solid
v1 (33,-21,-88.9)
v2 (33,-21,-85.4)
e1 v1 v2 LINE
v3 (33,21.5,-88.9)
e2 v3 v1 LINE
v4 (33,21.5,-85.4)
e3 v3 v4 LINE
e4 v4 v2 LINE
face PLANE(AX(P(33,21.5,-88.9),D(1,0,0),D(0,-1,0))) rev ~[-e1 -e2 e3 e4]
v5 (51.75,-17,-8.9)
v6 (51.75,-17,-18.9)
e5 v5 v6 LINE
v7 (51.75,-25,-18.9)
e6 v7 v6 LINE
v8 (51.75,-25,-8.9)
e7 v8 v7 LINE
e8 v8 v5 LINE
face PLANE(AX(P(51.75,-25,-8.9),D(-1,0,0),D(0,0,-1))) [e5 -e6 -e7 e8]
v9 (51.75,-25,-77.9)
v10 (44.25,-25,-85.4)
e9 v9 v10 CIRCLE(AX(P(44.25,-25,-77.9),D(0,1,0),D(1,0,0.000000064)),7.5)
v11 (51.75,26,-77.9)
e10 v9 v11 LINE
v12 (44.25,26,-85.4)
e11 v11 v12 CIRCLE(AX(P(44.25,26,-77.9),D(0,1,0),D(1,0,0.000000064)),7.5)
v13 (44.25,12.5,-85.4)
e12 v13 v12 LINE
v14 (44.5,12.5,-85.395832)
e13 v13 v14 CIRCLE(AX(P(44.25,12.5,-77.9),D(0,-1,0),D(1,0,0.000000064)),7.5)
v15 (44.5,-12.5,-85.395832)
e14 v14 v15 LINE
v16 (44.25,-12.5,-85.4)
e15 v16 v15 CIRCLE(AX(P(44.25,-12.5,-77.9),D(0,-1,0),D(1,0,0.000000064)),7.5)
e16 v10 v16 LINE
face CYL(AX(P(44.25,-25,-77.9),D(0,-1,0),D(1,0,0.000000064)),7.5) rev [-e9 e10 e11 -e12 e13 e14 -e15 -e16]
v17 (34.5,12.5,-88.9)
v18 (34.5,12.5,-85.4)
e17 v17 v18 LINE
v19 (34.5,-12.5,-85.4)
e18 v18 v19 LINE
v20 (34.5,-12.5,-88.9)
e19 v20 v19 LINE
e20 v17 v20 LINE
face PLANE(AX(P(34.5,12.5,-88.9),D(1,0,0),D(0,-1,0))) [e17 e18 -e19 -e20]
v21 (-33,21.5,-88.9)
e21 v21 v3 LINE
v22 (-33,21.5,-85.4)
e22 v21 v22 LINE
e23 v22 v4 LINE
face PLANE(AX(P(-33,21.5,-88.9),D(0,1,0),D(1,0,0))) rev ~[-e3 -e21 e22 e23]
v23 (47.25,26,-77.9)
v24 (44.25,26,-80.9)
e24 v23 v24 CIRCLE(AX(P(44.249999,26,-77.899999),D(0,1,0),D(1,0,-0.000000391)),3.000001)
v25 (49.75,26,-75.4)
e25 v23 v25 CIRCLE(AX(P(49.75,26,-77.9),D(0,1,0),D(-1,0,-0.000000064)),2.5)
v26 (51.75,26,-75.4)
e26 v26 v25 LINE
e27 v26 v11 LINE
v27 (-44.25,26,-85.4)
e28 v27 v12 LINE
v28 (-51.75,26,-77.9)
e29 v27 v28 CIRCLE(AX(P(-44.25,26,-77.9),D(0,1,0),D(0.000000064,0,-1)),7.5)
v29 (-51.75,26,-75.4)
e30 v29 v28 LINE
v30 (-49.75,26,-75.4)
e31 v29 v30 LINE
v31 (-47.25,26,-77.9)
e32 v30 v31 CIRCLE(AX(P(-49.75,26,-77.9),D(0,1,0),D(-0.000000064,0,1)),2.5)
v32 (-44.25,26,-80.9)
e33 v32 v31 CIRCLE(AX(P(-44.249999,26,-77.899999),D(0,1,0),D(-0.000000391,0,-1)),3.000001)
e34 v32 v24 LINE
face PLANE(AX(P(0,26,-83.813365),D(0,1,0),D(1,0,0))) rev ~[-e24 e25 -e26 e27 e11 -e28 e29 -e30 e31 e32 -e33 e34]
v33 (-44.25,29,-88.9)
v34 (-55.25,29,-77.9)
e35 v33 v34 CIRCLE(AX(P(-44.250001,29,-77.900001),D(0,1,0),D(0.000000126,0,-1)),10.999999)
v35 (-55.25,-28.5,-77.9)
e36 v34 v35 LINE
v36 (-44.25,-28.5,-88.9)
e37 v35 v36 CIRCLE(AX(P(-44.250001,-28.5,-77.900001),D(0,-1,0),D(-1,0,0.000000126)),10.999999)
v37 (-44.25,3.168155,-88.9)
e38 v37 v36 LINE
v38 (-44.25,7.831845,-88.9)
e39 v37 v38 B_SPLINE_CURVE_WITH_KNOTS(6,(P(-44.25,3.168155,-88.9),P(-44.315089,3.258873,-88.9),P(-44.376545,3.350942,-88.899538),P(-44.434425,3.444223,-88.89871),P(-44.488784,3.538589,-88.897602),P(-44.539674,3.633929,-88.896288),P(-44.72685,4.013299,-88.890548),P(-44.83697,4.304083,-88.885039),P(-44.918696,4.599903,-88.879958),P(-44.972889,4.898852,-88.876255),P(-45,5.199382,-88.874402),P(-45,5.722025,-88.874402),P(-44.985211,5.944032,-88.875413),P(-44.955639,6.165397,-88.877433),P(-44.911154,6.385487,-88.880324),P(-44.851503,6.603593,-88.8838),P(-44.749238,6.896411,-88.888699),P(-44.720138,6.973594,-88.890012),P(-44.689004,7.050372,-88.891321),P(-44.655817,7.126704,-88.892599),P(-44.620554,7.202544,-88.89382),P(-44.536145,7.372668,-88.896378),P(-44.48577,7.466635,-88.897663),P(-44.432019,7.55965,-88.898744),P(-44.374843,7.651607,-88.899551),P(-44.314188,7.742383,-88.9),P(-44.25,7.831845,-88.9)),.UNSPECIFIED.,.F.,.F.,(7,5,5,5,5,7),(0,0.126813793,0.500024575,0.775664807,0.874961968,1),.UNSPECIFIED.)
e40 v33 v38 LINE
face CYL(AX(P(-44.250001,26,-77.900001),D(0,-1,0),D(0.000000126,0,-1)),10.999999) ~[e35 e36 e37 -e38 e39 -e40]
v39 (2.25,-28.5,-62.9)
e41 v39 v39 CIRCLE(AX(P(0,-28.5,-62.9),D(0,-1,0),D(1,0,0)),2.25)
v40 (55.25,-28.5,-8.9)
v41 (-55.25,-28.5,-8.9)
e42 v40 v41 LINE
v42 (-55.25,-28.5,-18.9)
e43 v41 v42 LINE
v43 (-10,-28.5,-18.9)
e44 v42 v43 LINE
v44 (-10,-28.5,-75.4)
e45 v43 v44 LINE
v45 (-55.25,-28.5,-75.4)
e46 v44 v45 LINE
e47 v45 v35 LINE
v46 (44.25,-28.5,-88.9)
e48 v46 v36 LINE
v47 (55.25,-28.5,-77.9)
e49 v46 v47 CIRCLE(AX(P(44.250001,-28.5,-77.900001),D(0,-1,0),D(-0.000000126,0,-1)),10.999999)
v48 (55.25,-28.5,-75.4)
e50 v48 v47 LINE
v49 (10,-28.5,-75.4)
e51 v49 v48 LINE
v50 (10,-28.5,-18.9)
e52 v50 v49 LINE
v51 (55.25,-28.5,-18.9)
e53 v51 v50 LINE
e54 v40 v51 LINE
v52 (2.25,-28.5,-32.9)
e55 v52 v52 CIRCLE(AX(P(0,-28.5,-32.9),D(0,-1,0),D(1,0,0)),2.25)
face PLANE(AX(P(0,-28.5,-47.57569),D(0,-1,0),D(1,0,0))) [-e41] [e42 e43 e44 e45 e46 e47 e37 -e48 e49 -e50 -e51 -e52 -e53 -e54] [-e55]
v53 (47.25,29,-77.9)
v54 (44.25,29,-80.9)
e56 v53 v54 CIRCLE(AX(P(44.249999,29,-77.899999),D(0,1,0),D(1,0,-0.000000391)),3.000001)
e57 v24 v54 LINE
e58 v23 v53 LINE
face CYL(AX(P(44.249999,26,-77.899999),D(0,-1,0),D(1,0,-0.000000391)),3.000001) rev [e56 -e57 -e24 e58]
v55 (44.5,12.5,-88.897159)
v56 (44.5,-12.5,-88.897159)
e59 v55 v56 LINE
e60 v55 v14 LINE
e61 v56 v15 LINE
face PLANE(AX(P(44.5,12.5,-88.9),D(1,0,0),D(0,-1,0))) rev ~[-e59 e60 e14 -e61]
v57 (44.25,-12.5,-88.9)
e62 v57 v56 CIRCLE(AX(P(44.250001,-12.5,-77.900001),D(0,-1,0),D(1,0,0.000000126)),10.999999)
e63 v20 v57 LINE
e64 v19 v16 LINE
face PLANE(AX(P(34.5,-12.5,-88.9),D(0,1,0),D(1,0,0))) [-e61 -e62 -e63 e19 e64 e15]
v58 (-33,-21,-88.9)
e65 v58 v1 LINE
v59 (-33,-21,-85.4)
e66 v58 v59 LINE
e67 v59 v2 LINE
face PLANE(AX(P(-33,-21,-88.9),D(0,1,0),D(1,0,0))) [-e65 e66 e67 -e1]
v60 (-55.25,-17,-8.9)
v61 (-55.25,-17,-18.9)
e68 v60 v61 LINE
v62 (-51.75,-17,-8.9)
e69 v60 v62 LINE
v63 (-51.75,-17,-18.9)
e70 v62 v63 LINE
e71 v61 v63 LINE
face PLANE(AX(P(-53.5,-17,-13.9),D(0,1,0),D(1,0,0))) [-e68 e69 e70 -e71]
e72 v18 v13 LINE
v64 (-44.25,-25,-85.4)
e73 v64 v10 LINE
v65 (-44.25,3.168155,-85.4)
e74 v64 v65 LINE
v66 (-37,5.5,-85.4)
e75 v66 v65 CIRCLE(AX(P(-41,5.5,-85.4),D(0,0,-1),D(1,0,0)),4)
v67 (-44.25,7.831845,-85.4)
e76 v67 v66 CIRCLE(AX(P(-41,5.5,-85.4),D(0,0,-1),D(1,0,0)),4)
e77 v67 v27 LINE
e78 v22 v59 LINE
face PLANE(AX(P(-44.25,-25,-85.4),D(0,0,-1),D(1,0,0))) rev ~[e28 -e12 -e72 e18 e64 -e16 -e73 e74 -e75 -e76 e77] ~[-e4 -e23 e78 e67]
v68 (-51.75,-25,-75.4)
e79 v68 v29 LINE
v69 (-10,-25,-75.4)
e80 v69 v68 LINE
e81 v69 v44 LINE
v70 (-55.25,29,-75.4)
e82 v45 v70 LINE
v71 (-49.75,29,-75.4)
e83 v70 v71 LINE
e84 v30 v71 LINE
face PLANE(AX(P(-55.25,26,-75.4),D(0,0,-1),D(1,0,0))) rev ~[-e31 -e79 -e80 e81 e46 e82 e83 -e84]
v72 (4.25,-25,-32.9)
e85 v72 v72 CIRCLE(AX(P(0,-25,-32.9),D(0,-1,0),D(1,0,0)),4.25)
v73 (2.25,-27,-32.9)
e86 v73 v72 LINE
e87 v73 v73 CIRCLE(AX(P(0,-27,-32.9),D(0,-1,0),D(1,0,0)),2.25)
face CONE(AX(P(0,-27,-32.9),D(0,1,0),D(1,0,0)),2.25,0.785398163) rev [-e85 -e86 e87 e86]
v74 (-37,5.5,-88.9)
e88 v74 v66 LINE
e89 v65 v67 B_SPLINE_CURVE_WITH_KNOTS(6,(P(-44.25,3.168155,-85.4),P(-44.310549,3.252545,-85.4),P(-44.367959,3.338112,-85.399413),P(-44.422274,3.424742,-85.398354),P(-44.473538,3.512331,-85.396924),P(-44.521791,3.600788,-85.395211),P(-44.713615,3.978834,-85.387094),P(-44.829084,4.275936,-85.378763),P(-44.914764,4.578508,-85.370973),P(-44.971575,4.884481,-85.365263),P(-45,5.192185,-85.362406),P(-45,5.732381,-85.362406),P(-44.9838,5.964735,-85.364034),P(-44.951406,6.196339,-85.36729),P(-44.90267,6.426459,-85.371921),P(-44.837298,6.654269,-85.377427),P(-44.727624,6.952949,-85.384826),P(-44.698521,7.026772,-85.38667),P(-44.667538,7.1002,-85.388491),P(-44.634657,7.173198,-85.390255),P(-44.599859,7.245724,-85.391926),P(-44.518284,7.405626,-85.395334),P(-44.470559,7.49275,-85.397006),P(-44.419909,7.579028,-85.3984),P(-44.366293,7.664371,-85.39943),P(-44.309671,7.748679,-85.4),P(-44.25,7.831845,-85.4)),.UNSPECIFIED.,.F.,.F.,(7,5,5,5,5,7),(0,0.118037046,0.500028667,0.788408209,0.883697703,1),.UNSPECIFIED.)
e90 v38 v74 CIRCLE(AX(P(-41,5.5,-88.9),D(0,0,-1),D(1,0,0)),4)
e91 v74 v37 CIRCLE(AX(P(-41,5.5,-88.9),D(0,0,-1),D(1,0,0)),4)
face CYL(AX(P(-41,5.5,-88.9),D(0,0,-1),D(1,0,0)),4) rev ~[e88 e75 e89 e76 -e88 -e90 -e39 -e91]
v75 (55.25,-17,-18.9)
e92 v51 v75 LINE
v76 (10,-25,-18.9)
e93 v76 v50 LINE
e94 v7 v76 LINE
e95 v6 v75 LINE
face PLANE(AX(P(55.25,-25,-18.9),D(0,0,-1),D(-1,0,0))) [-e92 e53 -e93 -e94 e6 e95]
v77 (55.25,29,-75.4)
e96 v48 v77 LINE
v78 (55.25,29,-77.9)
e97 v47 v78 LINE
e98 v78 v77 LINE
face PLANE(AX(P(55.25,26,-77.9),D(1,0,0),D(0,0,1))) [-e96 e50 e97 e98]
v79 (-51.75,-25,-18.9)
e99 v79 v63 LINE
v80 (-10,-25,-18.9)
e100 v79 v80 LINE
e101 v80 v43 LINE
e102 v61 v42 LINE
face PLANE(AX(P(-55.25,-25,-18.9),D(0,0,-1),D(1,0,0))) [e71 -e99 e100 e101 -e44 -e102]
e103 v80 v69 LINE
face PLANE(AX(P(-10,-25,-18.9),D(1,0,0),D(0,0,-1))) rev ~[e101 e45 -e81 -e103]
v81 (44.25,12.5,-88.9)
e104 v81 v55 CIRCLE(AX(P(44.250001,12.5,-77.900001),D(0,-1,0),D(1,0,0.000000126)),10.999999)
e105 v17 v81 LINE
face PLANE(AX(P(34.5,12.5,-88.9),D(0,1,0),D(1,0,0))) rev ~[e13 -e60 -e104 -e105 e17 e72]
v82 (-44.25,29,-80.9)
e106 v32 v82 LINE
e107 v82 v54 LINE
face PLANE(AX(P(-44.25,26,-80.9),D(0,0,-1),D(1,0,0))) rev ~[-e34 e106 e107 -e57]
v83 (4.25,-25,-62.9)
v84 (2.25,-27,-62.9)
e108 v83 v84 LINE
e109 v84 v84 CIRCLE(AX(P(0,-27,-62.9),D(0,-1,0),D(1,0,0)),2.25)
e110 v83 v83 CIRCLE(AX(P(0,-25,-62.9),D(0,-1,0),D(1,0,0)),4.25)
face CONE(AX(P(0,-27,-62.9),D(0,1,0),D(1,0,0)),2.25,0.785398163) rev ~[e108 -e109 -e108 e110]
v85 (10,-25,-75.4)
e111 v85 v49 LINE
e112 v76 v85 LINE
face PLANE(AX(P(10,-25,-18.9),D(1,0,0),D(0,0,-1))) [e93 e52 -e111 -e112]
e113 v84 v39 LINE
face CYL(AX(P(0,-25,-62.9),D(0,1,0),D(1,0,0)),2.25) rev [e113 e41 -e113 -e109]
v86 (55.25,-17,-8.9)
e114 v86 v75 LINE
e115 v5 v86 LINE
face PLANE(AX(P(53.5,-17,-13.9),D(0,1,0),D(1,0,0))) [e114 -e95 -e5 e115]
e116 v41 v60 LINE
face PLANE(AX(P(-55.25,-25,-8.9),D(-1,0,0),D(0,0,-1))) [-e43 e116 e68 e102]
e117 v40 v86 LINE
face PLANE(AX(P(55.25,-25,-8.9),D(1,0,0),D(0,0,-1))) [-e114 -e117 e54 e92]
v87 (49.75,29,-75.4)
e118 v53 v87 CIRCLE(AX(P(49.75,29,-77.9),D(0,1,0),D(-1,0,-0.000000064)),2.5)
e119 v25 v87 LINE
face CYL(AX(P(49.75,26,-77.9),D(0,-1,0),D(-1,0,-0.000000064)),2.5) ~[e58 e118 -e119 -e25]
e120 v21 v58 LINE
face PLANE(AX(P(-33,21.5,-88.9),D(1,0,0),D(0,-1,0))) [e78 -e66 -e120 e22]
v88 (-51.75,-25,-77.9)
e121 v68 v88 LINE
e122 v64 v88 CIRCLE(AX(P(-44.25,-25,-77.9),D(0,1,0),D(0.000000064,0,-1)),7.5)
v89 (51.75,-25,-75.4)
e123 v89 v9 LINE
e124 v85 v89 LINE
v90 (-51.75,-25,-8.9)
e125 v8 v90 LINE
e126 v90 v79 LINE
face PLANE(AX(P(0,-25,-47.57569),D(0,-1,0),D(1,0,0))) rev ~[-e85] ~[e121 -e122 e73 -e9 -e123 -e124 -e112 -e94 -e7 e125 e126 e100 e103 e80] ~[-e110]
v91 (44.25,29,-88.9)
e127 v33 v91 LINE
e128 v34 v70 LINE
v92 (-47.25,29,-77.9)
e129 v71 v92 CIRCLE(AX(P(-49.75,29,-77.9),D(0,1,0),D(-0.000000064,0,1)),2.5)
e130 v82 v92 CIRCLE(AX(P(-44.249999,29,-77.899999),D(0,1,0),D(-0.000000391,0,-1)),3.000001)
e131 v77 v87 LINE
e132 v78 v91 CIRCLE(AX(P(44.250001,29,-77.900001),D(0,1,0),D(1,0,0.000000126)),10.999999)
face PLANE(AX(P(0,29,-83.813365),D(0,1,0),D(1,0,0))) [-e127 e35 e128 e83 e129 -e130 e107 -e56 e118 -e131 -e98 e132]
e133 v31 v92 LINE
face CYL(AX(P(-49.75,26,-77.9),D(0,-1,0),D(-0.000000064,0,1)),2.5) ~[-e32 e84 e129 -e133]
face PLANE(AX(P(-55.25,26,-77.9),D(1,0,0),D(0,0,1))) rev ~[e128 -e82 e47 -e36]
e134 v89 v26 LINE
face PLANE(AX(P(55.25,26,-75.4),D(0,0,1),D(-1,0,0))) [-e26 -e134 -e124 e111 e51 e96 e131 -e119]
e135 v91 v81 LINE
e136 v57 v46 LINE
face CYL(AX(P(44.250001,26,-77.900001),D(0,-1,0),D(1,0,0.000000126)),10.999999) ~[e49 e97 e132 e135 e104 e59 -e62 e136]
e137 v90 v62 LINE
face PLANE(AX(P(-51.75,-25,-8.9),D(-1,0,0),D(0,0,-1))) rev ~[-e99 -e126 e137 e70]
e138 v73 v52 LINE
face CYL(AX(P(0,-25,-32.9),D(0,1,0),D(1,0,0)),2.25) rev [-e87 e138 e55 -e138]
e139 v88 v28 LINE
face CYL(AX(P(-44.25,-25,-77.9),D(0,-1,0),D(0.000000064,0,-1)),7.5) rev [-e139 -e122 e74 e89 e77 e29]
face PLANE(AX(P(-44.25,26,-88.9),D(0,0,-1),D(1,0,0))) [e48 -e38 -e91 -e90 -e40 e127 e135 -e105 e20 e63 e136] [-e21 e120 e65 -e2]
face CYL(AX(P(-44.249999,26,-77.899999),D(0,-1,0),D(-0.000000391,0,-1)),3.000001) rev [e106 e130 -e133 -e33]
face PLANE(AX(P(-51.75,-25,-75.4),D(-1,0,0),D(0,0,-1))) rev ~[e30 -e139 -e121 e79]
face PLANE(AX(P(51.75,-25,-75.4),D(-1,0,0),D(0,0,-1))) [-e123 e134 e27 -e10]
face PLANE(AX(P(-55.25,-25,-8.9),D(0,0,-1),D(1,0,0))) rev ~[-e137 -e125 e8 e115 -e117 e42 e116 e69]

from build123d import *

# Parameters (mm, degrees)
SKETCH067_R     = 2.25
PAD050_DEPTH    = 3.5
PAD051_DEPTH    = 51
PAD052_DEPTH    = 3
CHAMFER005_SIZE = 2
SKETCH070_R     = 4
SKETCH070_W     = 66
SKETCH070_H     = 42.5
SKETCH070_W_2   = 10
SKETCH070_H_2   = 25
POCKET033_DEPTH = 80.001
SKETCH071_W     = 3.5
SKETCH071_H     = 10
PAD053_DEPTH    = 8


with BuildPart() as part:
    # Sketch067 → Pad050 (new body)
    with BuildSketch(Plane.XZ):
        with BuildLine():
            Line((55.25, 24), (-55.25, 24))
            Line((-55.25, 24), (-55.25, 14))
            Line((-55.25, 14), (-10, 14))
            Line((-10, 14), (-10, -42.5))
            Line((-10, -42.5), (-55.25, -42.5))
            Line((-55.25, -42.5), (-55.25, -45))
            ThreePointArc((-55.25, -45), (-52.028175, -52.778175), (-44.25, -56))
            Line((44.25, -56), (-44.25, -56))
            ThreePointArc((44.25, -56), (52.028175, -52.778175), (55.25, -45))
            Line((55.25, -42.5), (55.25, -45))
            Line((10, -42.5), (55.25, -42.5))
            Line((10, 14), (10, -42.5))
            Line((55.25, 14), (10, 14))
            Line((55.25, 24), (55.25, 14))
        make_face()
        Circle(SKETCH067_R, mode=Mode.SUBTRACT)
        with Locations((0, -30)):
            Circle(SKETCH067_R, mode=Mode.SUBTRACT)
    extrude(amount=PAD050_DEPTH)

    # Sketch068 (on Face17 of Pad050) → Pad051 (join)
    with BuildSketch(Plane(origin=(0, 0, 0), x_dir=(1, 0, 0), z_dir=(0, 1, 0))):
        with BuildLine():
            Line((-55.25, 45), (-55.25, 42.5))
            Line((-55.25, 42.5), (-51.75, 42.5))
            Line((-51.75, 42.5), (-51.75, 45))
            ThreePointArc((-44.25, 52.5), (-49.553301, 50.303301), (-51.75, 45))
            Line((-44.25, 52.5), (44.25, 52.5))
            ThreePointArc((51.75, 45), (49.553301, 50.303301), (44.25, 52.5))
            Line((51.75, 42.5), (51.75, 45))
            Line((55.25, 42.5), (51.75, 42.5))
            Line((55.25, 45), (55.25, 42.5))
            ThreePointArc((55.25, 45), (52.028175, 52.778175), (44.25, 56))
            Line((-44.25, 56), (44.25, 56))
            ThreePointArc((-44.25, 56), (-52.028175, 52.778175), (-55.25, 45))
        make_face()
    extrude(amount=PAD051_DEPTH)

    # Sketch069 (on Face17 of Pad051) → Pad052 (join)
    with BuildSketch(Plane(origin=(0, 51, 0), x_dir=(1, 0, 0), z_dir=(0, 1, 0))):
        with BuildLine():
            Line((-55.25, 45), (-55.25, 42.5))
            Line((-55.25, 42.5), (-49.75, 42.5))
            ThreePointArc((-49.75, 42.5), (-47.982233, 43.232233), (-47.25, 45))
            ThreePointArc((-44.25, 48), (-46.37132, 47.12132), (-47.25, 45))
            Line((-44.25, 48), (44.25, 48))
            ThreePointArc((47.25, 45), (46.37132, 47.12132), (44.25, 48))
            ThreePointArc((47.25, 45), (47.982233, 43.232233), (49.75, 42.5))
            Line((55.25, 42.5), (49.75, 42.5))
            Line((55.25, 45), (55.25, 42.5))
            ThreePointArc((55.25, 45), (52.028175, 52.778175), (44.25, 56))
            Line((-44.25, 56), (44.25, 56))
            ThreePointArc((-44.25, 56), (-52.028175, 52.778175), (-55.25, 45))
        make_face()
    extrude(amount=PAD052_DEPTH)

    # Chamfer005
    chamfer005_edges = [part.edges().sort_by_distance(p)[0] for p in [
        (-2.25, 0, -30),
        (-2.25, 0, 0),
    ]]
    chamfer(chamfer005_edges, length=CHAMFER005_SIZE)

    # Sketch070 (on Face28 of Chamfer005) → Pocket033 (cut, through all)
    with BuildSketch(Plane(origin=(0, 0, -56), x_dir=(1, 0, 0), z_dir=(0, 0, -1))):
        with Locations((-41, -30.5)):
            Circle(SKETCH070_R)
        with Locations((0, -25.25)):
            Rectangle(SKETCH070_W, SKETCH070_H)
        with Locations((39.5, -25)):
            Rectangle(SKETCH070_W_2, SKETCH070_H_2)
    extrude(amount=-POCKET033_DEPTH, mode=Mode.SUBTRACT)

    # Sketch071 (on Face4 of Pad051) → Pad053 (join)
    with BuildSketch(Plane(origin=(0, 0, 0), x_dir=(1, 0, 0), z_dir=(0, 1, 0))):
        with Locations((-53.5, -19)):
            Rectangle(SKETCH071_W, SKETCH071_H)
        with Locations((53.5, -19)):
            Rectangle(SKETCH071_W, SKETCH071_H)
    extrude(amount=PAD053_DEPTH)


with BuildPart() as part_1:
    # Body012 placement: moved
    add(part.part.moved(Location((0, -25, -32.9))))


solid = part_1.part
